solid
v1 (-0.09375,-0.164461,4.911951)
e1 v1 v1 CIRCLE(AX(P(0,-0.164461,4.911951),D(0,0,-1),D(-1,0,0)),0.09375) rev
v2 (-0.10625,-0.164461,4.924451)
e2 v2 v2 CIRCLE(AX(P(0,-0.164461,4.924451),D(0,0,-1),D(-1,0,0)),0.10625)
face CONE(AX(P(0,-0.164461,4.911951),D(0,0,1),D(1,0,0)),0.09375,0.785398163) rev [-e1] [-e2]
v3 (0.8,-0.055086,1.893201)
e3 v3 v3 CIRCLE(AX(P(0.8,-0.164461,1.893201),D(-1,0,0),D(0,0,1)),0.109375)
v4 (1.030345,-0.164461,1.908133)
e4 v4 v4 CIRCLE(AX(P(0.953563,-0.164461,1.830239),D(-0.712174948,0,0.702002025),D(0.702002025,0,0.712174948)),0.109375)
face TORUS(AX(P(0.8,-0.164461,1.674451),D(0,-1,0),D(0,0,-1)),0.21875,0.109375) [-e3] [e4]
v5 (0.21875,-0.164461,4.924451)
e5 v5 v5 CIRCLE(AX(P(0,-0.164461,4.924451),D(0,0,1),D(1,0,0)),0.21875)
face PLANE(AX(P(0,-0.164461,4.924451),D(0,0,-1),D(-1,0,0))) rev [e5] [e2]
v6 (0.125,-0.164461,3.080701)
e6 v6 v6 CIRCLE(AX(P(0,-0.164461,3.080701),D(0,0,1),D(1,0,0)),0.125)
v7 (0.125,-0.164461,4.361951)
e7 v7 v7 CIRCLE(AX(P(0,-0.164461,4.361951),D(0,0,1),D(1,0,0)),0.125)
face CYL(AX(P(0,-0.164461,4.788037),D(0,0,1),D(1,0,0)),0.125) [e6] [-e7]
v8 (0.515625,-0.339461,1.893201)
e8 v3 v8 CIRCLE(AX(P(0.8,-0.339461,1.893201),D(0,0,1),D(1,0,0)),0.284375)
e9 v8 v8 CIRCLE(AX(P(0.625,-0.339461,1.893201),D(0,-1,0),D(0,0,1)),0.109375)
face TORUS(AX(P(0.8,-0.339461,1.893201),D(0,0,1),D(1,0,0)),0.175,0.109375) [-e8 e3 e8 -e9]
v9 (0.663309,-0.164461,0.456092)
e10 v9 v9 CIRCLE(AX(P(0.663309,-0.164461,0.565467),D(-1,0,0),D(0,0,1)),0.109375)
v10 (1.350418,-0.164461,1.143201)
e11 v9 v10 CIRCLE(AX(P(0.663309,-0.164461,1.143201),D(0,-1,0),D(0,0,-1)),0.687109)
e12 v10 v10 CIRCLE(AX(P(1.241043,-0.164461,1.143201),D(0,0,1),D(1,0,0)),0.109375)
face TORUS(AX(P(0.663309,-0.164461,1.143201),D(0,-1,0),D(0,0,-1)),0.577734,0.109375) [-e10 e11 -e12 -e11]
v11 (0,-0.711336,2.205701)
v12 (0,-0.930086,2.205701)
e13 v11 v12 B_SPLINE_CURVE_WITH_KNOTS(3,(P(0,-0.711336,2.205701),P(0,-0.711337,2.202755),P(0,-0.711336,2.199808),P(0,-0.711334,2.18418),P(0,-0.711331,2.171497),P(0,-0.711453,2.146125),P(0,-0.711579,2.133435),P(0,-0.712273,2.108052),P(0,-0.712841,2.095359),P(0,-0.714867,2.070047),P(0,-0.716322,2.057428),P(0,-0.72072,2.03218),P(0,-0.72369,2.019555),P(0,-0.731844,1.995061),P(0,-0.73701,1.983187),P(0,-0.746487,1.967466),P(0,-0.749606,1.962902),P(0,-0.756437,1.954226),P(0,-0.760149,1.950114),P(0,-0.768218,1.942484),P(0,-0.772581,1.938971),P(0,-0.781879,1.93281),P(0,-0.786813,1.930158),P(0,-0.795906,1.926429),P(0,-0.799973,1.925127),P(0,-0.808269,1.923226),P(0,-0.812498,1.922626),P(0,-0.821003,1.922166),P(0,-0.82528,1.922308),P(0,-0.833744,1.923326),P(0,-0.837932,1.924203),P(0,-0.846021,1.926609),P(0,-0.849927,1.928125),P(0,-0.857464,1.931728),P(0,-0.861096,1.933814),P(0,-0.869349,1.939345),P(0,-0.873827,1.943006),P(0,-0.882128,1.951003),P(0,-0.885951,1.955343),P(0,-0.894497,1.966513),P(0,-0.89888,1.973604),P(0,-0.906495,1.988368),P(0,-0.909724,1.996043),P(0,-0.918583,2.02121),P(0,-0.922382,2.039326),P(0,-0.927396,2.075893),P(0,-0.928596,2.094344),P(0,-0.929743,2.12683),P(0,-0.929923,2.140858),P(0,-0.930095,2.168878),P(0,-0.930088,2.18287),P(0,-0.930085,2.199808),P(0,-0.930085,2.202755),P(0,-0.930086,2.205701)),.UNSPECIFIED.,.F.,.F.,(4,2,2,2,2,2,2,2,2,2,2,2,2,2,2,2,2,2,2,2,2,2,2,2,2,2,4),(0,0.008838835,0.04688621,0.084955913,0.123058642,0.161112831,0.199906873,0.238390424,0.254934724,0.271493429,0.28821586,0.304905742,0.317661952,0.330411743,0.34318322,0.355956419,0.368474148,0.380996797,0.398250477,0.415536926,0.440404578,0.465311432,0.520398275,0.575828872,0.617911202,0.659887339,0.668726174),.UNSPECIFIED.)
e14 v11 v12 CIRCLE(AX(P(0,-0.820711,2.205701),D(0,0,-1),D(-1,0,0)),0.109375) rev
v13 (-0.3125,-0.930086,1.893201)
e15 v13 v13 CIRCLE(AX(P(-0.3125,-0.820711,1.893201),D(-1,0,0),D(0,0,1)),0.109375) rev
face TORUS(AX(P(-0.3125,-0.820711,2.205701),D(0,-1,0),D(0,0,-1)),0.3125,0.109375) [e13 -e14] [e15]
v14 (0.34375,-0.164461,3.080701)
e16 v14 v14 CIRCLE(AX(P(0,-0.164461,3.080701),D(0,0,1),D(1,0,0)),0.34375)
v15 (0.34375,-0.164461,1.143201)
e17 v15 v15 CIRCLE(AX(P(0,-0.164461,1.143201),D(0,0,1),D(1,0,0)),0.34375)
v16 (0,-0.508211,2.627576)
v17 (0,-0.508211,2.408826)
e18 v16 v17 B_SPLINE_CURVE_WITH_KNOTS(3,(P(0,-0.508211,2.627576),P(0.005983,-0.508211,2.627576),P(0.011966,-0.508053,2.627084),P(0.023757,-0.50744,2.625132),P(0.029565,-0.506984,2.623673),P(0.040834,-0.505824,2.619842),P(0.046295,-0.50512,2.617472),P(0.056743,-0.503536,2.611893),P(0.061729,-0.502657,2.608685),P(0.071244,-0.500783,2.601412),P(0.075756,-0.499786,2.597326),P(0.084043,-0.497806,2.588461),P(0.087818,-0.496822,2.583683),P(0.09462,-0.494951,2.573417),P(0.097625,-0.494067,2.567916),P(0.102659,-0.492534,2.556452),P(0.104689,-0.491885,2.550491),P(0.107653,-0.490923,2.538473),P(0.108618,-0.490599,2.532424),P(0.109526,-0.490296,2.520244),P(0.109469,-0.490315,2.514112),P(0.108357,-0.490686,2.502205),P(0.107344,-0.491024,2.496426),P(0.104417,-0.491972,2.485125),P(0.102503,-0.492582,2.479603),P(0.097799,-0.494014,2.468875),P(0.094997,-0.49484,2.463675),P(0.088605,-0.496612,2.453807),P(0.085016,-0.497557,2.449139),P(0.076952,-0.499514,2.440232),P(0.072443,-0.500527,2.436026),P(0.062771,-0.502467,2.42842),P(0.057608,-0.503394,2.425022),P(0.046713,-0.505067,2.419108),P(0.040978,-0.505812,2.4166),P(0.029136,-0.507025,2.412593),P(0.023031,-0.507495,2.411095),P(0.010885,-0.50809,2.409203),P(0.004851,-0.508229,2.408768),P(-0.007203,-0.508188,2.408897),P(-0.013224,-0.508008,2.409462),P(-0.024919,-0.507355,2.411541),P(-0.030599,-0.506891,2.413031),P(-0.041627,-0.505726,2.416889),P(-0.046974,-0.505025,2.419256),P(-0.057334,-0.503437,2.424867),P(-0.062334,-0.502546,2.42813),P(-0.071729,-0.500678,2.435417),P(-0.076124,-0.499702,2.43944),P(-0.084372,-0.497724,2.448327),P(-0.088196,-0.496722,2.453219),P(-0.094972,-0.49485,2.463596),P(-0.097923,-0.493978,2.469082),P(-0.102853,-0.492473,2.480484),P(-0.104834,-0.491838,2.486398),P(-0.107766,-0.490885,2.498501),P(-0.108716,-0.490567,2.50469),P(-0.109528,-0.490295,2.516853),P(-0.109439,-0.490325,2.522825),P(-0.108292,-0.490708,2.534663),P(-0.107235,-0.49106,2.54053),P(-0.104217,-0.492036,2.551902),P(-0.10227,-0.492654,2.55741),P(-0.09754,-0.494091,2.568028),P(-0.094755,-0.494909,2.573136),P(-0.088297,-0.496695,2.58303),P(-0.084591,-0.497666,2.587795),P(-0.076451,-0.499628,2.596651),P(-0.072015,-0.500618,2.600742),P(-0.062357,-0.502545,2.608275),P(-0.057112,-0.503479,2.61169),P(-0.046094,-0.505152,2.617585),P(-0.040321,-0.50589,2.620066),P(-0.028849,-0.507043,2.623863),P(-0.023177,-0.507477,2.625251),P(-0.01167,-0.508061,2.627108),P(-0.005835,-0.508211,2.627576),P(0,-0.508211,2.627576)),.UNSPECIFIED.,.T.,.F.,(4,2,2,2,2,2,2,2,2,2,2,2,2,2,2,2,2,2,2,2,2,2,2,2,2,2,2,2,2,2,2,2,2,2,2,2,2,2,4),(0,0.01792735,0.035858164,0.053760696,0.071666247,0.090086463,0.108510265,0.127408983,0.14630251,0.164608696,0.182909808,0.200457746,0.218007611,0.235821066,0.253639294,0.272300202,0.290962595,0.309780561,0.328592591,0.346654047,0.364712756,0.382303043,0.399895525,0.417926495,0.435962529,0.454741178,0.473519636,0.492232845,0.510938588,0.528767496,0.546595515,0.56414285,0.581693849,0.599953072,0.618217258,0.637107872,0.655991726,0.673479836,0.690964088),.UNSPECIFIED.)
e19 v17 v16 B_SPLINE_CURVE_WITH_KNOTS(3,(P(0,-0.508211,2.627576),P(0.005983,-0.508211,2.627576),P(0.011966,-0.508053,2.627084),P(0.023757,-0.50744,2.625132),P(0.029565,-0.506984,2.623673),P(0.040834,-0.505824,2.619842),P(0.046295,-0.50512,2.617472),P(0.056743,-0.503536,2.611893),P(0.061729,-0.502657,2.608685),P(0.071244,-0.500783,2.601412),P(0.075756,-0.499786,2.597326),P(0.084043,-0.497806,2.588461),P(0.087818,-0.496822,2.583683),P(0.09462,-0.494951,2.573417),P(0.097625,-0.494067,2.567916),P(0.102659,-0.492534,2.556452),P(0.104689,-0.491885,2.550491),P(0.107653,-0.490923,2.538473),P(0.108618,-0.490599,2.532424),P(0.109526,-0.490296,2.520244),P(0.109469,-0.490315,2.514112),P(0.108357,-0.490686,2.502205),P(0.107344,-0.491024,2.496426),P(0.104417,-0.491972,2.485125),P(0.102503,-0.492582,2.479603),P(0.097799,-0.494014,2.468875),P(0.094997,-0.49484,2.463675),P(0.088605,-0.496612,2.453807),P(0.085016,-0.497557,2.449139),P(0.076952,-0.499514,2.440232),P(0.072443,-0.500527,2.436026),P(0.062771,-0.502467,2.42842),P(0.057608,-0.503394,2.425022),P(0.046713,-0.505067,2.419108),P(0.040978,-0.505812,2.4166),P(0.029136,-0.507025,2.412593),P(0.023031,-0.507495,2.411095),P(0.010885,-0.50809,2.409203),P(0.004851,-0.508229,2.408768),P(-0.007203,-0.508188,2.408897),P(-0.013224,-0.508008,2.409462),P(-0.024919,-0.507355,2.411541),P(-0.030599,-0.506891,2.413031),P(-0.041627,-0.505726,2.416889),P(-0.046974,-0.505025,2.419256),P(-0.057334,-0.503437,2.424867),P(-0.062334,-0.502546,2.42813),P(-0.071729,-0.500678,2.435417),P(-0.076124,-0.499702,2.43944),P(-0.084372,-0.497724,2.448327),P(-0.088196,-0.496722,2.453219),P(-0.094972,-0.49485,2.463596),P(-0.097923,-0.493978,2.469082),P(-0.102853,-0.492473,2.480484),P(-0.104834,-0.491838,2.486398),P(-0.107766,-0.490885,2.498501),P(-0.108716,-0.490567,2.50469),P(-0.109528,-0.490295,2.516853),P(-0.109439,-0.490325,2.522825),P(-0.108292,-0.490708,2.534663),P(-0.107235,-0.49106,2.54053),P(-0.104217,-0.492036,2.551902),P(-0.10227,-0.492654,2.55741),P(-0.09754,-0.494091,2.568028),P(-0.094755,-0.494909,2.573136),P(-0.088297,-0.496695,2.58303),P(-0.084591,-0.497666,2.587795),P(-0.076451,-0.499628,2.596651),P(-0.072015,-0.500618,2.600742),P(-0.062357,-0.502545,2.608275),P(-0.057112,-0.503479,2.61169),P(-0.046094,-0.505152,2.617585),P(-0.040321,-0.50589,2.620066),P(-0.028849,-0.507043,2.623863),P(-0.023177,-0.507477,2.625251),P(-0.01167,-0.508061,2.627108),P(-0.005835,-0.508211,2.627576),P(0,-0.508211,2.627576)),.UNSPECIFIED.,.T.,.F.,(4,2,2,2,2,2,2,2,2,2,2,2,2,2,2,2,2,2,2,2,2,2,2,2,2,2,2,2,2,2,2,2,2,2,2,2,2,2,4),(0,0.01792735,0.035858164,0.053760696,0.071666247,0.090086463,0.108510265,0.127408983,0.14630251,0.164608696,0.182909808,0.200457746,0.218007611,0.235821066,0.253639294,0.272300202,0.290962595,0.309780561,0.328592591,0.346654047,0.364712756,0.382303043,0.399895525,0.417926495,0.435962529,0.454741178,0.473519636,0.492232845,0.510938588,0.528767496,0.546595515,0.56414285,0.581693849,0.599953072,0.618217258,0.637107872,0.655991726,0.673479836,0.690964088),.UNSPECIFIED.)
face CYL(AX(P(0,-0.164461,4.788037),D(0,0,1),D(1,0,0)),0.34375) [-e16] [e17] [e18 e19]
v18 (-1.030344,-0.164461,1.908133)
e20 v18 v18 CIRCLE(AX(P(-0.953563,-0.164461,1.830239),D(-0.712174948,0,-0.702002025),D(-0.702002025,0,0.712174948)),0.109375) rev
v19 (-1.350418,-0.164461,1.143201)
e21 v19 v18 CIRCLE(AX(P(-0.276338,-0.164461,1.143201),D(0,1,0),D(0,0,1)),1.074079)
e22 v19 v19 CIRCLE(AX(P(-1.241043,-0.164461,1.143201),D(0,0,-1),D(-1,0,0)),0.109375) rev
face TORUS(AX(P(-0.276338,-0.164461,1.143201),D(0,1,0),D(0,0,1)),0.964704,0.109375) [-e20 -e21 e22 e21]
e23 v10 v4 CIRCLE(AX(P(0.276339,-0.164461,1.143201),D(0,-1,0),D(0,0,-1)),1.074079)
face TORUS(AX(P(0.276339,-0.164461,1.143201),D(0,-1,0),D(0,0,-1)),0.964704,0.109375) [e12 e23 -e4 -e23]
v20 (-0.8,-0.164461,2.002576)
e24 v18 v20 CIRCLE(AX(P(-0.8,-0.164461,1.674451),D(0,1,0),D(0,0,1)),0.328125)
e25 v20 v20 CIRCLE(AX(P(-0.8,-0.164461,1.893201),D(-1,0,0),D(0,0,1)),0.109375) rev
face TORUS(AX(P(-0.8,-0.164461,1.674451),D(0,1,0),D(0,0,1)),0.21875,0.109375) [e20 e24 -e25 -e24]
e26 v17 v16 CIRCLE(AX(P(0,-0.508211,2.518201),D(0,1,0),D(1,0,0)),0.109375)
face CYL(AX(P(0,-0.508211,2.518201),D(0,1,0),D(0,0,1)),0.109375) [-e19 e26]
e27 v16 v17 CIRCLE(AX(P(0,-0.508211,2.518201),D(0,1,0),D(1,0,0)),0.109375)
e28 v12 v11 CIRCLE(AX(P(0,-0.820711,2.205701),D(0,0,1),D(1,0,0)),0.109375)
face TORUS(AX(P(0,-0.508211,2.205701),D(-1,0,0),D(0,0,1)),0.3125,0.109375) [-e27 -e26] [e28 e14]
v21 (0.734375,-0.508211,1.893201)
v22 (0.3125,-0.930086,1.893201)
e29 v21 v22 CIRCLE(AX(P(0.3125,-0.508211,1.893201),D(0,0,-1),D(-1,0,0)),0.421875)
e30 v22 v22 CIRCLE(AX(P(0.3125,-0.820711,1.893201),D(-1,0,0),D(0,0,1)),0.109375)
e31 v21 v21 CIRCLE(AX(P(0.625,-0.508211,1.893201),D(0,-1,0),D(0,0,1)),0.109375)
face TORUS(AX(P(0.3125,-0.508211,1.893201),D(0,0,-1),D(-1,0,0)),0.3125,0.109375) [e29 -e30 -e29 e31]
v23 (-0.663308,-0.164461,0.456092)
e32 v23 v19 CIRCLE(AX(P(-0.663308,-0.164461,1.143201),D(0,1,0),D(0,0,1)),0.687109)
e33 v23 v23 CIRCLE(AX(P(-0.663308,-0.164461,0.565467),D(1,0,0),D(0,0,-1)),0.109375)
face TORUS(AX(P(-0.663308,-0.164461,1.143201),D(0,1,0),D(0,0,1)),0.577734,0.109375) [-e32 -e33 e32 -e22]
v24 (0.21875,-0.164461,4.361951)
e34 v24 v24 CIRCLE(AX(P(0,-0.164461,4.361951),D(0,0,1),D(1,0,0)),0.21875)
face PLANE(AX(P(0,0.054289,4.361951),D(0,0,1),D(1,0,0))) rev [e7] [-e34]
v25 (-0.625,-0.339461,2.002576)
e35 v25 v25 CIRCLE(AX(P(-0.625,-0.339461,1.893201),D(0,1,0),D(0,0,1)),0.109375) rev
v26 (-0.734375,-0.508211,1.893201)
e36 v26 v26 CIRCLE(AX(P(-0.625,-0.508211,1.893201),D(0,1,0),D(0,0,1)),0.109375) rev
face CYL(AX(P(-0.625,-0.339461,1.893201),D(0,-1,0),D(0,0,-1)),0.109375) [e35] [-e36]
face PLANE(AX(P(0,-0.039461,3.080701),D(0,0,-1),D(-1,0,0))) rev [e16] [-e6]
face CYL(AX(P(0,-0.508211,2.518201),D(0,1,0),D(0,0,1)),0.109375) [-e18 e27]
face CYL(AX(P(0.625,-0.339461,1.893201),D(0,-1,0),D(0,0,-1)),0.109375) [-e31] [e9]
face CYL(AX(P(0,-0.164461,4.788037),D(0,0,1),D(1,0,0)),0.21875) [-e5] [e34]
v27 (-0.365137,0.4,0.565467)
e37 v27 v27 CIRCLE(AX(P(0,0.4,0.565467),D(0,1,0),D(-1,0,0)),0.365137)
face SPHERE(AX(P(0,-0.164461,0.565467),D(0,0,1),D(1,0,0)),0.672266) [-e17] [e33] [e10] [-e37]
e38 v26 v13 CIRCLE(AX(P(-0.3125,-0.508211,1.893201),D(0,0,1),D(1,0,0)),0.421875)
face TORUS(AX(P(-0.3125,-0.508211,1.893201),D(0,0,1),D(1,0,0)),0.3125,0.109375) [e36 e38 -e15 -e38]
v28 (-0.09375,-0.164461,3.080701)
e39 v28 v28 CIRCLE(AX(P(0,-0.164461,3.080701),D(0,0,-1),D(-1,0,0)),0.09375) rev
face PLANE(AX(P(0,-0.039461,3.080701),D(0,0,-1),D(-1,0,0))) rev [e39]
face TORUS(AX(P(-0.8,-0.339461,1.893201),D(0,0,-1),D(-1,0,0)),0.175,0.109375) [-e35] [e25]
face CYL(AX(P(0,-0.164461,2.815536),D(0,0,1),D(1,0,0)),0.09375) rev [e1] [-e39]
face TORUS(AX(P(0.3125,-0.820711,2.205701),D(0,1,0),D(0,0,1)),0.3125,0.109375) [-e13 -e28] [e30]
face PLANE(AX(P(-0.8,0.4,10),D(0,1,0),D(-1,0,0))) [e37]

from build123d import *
from build123d.topology import SkipClean

# Parameters (mm, degrees)
DOME1_FACE_RADIUS       = 2.75
DOME1_HEIGHT            = 10
SKETCH2_R               = 0.75
CUT_EXTRUDE1_DEPTH      = 14.75
CHAMFER1_SIZE           = 0.1
SKETCH4_R               = 0.875
CUT_EXTRUDE3_DEPTH      = 32.191520595
CUT_EXTRUDE3_DEPTH_BACK = 32.191520595
SKETCH12_R              = 0.875
SCALE1_SCALE            = 0.5
SCALE2_SCALE            = 0.25
SKETCH13_W              = 1.6
SKETCH13_H              = 0.25
CUT_EXTRUDE4_DEPTH      = 10
CUT_EXTRUDE4_DEPTH_BACK = 10


with BuildPart() as part:
    # Sketch1 → Revolve1 (revolve)
    with BuildSketch(Plane(origin=(0, 0, 0), x_dir=(0, 0, -1), z_dir=(1, 0, 0)), mode=Mode.PRIVATE) as revolve1_sk:
        Polygon((-30.25, 0), (-30.25, 1.75), (-25.75, 1.75), (-25.75, 1), (-15.5, 1), (-15.5, 2.75), (0, 2.75), (0, 0), align=None)
    revolve(revolve1_sk.sketch.rotate(Axis((0, 0, 29.158685325), (0, 0, -1)), 90), axis=Axis((0, 0, 29.158685325), (0, 0, -1)))

    # Dome1: a dome of height H over a round flat face of radius A is a cap of a sphere of radius (A * A + H * H) / (2 * H)
    dome1_r = (DOME1_FACE_RADIUS * DOME1_FACE_RADIUS + DOME1_HEIGHT * DOME1_HEIGHT) / (2 * DOME1_HEIGHT)
    dome1_base = Plane((0, 0, 0), z_dir=(0, 0, -1))
    with Locations(dome1_base.offset(DOME1_HEIGHT - dome1_r)):
        dome1_ball = Sphere(dome1_r, mode=Mode.PRIVATE)
    add(split(dome1_ball, bisect_by=dome1_base, keep=Keep.TOP, mode=Mode.PRIVATE))

    # Sketch2 → Cut-Extrude1 (cut)
    with BuildSketch(Plane.XY.offset(30.25)):
        Circle(SKETCH2_R)
    extrude(amount=-CUT_EXTRUDE1_DEPTH, mode=Mode.SUBTRACT)

    # Chamfer1
    chamfer1_edges = [part.edges().sort_by_distance(p)[0] for p in [
        (-0.75, 0, 30.25),
    ]]
    chamfer(chamfer1_edges, length=CHAMFER1_SIZE)

    # Sketch4 → Cut-Extrude3 (cut, two sides)
    with SkipClean():  # the faces are left unmerged after this step: merging them gives an invalid solid
        with BuildSketch(Plane(origin=(0, 0, 0), x_dir=(0, 0, -1), z_dir=(1, 0, 0))) as cut_extrude3_sk:
            with Locations((4.621875, 0)):
                Circle(SKETCH4_R)
        extrude(amount=CUT_EXTRUDE3_DEPTH, mode=Mode.SUBTRACT)
        extrude(cut_extrude3_sk.sketch, amount=-CUT_EXTRUDE3_DEPTH_BACK, mode=Mode.SUBTRACT)

    # Sweep2: sweep along a curve in space
    with BuildLine() as sweep2_path:
        Line((0, 0, -4.621875), (5.306468083, 0, -4.621875))
        ThreePointArc((5.306468083, 0, -4.621875), (8.574627237, 0, -3.268159154), (9.928343083, 0, 0))
        ThreePointArc((9.928343083, 0, 0), (9.330204478, 0, 2.979036895), (7.628503544, 0, 5.496306159))
        ThreePointArc((7.628503544, 0, 5.496306159), (7.063876578, 0, 5.869187416), (6.4, 0, 6))
        ThreePointArc((6.4, 0, 6), (5.410050506, -0.410050506, 6), (5, -1.4, 6))
        Line((5, -1.4, 6), (5, -2.75, 6))
        ThreePointArc((5, -2.75, 6), (4.267766953, -4.517766953, 6), (2.5, -5.25, 6))
        ThreePointArc((2.5, -5.25, 6), (0.732233047, -5.25, 6.732233047), (0, -5.25, 8.5))
        ThreePointArc((0, -5.25, 8.5), (0, -4.517766953, 10.267766953), (0, -2.75, 11))
        Line((0, -2.75, 11), (0, 0, 11))
    # Sketch12 → Sweep2 (sweep)
    with BuildSketch(Plane(origin=(0, 0, 0), x_dir=(0, 0, -1), z_dir=(1, 0, 0))):
        with Locations((4.621875, 0)):
            Circle(SKETCH12_R)
    sweep2 = sweep(path=sweep2_path.line)

    # Mirror1: Sweep2 across plane
    add(sweep2.mirror(Plane(origin=(0, 0, 0), x_dir=(0, 0, 1), z_dir=(1, 0, 0))))


with BuildPart() as part_1:
    # Scale1: scaled about (5e-09, -0.187958258, 1.30651071)
    add(part.part.scale(SCALE1_SCALE).moved(Location((3e-09, -0.093979129, 0.653255355))))


with BuildPart() as part_2:
    # Scale2: scaled about (5e-09, -0.187958258, 1.30651071)
    add(part_1.part.scale(SCALE2_SCALE).moved(Location((4e-09, -0.140968693, 0.979883032))))

    # Sketch13 → Cut-Extrude4 (cut, two sides)
    with BuildSketch(Plane.XY) as cut_extrude4_sk:
        with Locations((1.05e-07, 0.525)):
            Rectangle(SKETCH13_W, SKETCH13_H)
    extrude(amount=CUT_EXTRUDE4_DEPTH, mode=Mode.SUBTRACT)
    extrude(cut_extrude4_sk.sketch, amount=-CUT_EXTRUDE4_DEPTH_BACK, mode=Mode.SUBTRACT)


solid = part_2.part
